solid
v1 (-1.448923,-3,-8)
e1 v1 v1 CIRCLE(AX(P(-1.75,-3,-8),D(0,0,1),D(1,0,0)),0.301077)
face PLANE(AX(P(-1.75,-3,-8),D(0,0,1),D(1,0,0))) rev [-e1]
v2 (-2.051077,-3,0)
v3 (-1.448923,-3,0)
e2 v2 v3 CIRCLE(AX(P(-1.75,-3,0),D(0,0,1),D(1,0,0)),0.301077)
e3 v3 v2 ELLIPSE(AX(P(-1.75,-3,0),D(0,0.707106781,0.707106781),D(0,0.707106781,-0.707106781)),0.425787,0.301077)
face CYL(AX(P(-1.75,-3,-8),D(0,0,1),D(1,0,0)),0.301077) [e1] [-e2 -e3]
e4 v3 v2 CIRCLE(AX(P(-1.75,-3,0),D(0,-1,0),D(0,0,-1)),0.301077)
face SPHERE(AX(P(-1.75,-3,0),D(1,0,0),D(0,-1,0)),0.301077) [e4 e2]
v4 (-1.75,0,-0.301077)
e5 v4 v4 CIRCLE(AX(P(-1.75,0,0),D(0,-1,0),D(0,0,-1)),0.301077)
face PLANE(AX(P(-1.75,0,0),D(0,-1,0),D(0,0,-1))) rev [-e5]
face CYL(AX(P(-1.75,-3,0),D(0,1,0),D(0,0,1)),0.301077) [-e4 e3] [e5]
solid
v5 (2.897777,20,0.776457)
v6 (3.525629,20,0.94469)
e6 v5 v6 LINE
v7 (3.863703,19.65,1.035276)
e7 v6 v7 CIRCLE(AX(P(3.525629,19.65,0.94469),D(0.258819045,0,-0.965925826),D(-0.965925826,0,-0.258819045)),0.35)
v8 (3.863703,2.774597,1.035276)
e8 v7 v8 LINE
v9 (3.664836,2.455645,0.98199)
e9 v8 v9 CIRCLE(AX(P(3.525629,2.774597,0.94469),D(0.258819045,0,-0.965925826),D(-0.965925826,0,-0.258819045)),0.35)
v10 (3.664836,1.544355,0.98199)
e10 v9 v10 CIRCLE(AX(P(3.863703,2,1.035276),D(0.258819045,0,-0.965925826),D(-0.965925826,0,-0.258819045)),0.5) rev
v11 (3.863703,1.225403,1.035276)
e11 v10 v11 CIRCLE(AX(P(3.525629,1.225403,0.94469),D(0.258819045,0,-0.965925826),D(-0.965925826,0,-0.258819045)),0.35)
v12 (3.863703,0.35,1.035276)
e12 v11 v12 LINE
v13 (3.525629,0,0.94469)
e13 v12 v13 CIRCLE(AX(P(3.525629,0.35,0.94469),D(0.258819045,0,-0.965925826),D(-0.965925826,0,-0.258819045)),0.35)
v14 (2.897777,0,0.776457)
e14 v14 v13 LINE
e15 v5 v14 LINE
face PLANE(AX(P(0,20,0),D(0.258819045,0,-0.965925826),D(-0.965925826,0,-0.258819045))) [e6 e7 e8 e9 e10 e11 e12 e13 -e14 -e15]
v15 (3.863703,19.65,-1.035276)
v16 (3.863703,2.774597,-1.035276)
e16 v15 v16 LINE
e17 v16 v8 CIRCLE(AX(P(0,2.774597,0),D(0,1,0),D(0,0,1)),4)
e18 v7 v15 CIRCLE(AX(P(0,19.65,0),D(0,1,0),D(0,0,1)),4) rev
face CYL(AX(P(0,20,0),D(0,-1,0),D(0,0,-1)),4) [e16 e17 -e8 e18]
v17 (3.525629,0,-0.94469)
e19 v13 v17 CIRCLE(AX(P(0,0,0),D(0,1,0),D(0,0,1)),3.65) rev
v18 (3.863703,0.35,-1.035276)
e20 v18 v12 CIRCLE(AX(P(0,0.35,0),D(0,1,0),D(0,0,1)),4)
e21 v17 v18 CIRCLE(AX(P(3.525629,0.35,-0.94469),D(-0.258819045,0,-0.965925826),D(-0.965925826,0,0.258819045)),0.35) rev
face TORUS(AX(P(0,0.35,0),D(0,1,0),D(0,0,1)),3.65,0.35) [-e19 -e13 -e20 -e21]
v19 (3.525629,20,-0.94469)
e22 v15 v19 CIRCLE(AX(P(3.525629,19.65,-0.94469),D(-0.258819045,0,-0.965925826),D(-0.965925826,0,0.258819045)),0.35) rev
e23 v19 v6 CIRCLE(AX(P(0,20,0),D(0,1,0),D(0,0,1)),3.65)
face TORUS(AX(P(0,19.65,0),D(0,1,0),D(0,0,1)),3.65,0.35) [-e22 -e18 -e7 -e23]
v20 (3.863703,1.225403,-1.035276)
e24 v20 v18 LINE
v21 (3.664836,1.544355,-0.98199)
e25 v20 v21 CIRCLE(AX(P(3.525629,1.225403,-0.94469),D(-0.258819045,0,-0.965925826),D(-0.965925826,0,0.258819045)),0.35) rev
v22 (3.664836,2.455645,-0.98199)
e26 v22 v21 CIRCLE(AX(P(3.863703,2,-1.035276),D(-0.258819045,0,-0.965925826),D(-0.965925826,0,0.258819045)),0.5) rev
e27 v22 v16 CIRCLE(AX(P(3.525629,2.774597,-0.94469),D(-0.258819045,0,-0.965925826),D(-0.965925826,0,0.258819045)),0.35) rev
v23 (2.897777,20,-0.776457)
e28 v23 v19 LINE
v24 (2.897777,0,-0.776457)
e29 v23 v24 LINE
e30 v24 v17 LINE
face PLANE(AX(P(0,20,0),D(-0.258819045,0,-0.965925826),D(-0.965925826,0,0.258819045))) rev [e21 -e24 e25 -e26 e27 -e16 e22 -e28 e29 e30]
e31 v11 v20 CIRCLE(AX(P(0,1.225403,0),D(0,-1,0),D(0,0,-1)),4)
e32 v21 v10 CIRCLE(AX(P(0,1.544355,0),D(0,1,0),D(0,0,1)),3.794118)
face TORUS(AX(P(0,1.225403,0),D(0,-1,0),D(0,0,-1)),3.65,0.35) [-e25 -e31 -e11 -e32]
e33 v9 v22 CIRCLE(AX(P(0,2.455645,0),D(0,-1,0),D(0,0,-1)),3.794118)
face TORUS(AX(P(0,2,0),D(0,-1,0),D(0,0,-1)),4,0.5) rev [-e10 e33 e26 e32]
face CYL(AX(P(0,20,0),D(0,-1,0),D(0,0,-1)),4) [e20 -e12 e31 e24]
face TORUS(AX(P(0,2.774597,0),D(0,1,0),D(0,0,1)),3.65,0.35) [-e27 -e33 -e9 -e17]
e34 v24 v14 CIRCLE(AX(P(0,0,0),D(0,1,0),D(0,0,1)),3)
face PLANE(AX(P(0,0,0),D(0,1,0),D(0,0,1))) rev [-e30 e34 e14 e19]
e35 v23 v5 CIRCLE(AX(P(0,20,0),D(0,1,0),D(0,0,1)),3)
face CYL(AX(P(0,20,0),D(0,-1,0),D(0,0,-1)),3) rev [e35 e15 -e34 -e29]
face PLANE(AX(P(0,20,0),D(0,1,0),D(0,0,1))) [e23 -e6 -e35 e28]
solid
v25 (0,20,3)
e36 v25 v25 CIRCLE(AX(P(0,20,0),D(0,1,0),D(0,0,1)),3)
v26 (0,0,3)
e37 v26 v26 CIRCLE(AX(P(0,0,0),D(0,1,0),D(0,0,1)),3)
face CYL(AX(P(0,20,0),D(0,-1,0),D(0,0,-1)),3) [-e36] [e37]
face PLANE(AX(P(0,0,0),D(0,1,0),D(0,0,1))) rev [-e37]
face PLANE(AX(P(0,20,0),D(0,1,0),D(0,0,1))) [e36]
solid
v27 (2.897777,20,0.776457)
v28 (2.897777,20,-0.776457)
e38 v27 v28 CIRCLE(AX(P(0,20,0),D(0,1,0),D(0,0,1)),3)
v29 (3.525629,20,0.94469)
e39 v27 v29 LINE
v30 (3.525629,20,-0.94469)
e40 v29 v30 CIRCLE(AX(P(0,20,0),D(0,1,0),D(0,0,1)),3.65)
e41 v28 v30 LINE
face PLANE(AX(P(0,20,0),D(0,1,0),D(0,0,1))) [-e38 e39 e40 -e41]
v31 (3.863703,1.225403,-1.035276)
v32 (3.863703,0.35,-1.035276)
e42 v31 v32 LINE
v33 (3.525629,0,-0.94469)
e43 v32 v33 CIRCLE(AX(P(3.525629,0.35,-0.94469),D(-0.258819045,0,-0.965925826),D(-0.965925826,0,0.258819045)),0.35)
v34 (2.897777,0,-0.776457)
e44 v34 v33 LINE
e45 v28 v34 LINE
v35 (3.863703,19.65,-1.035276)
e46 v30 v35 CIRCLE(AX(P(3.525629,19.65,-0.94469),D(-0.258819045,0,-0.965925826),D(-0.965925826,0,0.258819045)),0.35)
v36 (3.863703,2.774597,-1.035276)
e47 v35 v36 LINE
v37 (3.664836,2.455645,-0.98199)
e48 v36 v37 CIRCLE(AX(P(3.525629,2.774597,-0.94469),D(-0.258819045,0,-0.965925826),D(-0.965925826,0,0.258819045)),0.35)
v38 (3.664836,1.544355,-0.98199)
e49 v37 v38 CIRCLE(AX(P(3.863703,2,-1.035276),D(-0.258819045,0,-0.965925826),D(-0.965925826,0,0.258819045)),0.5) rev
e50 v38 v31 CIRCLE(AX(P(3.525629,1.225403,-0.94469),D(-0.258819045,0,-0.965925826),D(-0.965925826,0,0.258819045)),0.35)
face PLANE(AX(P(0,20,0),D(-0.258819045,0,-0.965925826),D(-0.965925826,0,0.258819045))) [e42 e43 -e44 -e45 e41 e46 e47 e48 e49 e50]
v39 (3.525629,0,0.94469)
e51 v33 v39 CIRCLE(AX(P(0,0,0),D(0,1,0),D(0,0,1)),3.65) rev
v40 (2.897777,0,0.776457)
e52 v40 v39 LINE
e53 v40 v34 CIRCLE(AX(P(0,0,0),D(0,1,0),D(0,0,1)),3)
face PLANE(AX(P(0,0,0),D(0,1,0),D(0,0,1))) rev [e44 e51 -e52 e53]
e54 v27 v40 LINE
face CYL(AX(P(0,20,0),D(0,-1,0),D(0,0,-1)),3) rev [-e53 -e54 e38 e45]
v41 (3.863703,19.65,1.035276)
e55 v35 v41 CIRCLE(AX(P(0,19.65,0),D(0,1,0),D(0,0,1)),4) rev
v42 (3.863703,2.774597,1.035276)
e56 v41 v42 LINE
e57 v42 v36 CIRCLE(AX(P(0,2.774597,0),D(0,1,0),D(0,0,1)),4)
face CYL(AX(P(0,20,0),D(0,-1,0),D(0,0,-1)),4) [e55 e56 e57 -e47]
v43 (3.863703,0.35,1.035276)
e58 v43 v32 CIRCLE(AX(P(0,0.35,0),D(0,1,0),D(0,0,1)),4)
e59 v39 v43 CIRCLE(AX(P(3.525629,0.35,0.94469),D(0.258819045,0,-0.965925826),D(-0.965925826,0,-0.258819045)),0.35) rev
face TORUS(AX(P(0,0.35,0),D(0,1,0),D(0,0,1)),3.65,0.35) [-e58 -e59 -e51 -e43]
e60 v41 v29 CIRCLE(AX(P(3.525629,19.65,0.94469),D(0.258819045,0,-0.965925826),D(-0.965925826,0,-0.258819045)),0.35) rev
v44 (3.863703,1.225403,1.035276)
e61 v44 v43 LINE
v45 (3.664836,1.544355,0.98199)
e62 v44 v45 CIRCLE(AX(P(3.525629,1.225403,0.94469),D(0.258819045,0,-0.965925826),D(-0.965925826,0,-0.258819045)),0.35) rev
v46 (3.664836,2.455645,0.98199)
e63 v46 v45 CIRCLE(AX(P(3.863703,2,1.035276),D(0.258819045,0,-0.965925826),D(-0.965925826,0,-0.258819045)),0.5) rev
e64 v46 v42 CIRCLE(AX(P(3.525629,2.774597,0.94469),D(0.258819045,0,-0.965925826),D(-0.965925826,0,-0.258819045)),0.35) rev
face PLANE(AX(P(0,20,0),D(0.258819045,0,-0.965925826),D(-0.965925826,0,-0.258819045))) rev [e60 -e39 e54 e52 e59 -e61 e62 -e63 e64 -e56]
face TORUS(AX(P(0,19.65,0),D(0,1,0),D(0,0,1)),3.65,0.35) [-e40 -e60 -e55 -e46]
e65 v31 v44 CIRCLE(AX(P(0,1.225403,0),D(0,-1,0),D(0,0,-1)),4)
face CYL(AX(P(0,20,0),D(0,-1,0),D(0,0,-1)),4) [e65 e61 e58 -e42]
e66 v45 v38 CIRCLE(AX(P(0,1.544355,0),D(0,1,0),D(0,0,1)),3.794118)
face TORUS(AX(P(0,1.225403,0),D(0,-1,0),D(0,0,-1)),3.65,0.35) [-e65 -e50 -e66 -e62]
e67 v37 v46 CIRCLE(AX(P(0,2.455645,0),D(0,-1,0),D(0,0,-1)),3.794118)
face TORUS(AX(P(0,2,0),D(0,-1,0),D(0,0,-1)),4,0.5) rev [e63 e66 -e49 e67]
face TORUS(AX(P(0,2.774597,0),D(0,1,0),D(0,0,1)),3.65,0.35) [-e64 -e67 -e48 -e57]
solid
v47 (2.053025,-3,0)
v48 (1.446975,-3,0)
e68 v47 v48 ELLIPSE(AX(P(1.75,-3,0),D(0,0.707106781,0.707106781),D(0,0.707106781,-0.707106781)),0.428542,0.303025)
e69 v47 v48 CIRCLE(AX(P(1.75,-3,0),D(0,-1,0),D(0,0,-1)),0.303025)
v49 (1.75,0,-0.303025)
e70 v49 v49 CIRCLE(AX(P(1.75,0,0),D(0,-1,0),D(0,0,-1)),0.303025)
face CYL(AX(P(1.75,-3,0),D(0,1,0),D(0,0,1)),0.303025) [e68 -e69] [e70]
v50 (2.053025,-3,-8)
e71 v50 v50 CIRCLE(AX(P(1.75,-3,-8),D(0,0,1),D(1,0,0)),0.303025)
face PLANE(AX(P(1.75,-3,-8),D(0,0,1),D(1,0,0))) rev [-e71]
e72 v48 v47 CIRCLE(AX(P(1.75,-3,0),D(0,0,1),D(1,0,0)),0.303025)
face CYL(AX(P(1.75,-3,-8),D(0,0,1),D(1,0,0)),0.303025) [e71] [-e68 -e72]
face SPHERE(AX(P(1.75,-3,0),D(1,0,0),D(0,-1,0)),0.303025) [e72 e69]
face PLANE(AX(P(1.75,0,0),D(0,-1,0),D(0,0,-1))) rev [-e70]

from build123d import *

# Parameters (mm, degrees)
SALIENTE_EXTRUIR3_DEPTH   = 20
SALIENTE_EXTRUIR4_DEPTH   = 20
SALIENTE_EXTRUIR5_DEPTH   = 20
CROQUIS3_R                = 0.4999999999999999
REDONDEO1_R               = 0.35
REDONDEO2_R               = 0.35
CROQUIS4_R                = 0.30107653954551516
SALIENTE_EXTRUIR6_DEPTH   = 3
CROQUIS4_R_2              = 0.30302467240714076
SALIENTE_EXTRUIR6_2_DEPTH = 3
CROQUIS5_R                = 0.30107653954551516
CROQUIS5_R_2              = 0.30302467240714076
SALIENTE_EXTRUIR7_DEPTH   = 8


with BuildPart() as part:
    # Croquis1 → Saliente-Extruir3 (new body)
    with BuildSketch(Plane(origin=(0, 0, 0), x_dir=(1, 0, 0), z_dir=(0, 1, 0))):
        with BuildLine():
            Line((3.8637033051562724, 1.0352761804100858), (2.8977774788672046, 0.7764571353075645))
            ThreePointArc((2.897777478867204, 0.7764571353075644), (2.974334584121431, 0.3915785766601559), (3, 0))
            ThreePointArc((3, -7.3e-16), (2.974334584121431, -0.3915785766601577), (2.897777478867204, -0.7764571353075647))
            Line((2.8977774788672046, -0.7764571353075641), (3.8637033051562724, -1.0352761804100854))
            ThreePointArc((3.8637033051562724, -1.0352761804100863), (3.965779445495241, -0.5221047688802103), (4, -9.8e-16))
            ThreePointArc((4, 0), (3.9657794454952415, 0.5221047688802078), (3.8637033051562724, 1.0352761804100858))
        make_face()
    extrude(amount=SALIENTE_EXTRUIR3_DEPTH)


with BuildPart() as body_2:
    # Croquis1<5> → Saliente-Extruir4 (new body)
    with BuildSketch(Plane(origin=(0, 0, 0), x_dir=(1, 0, 0), z_dir=(0, 1, 0))):
        with BuildLine():
            ThreePointArc((3, 0), (2.974334584121431, 0.3915785766601559), (2.897777478867204, 0.7764571353075644))
            ThreePointArc((2.897777478867204, 0.7764571353075644), (-3, -9.6e-16), (2.897777478867205, -0.776457135307562))
            ThreePointArc((2.897777478867204, -0.7764571353075647), (2.974334584121431, -0.3915785766601577), (3, -7.3e-16))
        make_face()
    extrude(amount=SALIENTE_EXTRUIR4_DEPTH)


with BuildPart() as body_3:
    # Croquis1<6> → Saliente-Extruir5 (new body)
    with BuildSketch(Plane(origin=(0, 0, 0), x_dir=(1, 0, 0), z_dir=(0, 1, 0))):
        with BuildLine():
            ThreePointArc((2.897777478867205, -0.776457135307562), (-3, -9.6e-16), (2.897777478867204, 0.7764571353075644))
            Line((2.8977774788672046, 0.7764571353075645), (3.8637033051562724, 1.0352761804100858))
            ThreePointArc((3.8637033051562724, 1.0352761804100858), (-4, 4.9e-16), (3.8637033051562724, -1.0352761804100863))
            Line((3.8637033051562724, -1.0352761804100854), (2.8977774788672046, -0.7764571353075641))
        make_face()
    extrude(amount=SALIENTE_EXTRUIR5_DEPTH)


with BuildPart() as cortar_revoluci_n1_tool:
    # Croquis3 → Cortar-Revolución1 (revolve)
    with BuildSketch(Plane(origin=(0, 0, 0), x_dir=(0, 0, -1), z_dir=(1, 0, 0))):
        with Locations((-4, 1.9999999999999982)):
            Circle(CROQUIS3_R)
    revolve(axis=Axis((0, -1.7359986127882774, 0), (0, 1, 0)))


with BuildPart() as part_1:
    add(part.part)

    # Cortar-Revolución1: cut by cortar_revoluci_n1_tool
    add(cortar_revoluci_n1_tool.part, mode=Mode.SUBTRACT)

    # Redondeo2
    redondeo2_edges = [part_1.edges().sort_by_distance(p)[0] for p in [
        (4, 0, -4.7e-16),
        (3.999999999997482, 1.4999999999999982, -7.0699e-12),
        (3.999999999997482, 2.4999999999999982, 7.09233e-12),
        (4.000000000000001, 20, 6.7e-16),
    ]]
    fillet(redondeo2_edges, radius=REDONDEO2_R)


with BuildPart() as body_3_1:
    add(body_3.part)

    # Cortar-Revolución1: cut by cortar_revoluci_n1_tool
    add(cortar_revoluci_n1_tool.part, mode=Mode.SUBTRACT)

    # Redondeo1
    redondeo1_edges = [body_3_1.edges().sort_by_distance(p)[0] for p in [
        (-4, 0, 6.55e-15),
        (-3.1734133611649407, 1.4999999999999982, -2.435045716034882),
        (-3.1734133611649407, 2.4999999999999982, -2.435045716034882),
        (-4, 20, 6.55e-15),
    ]]
    fillet(redondeo1_edges, radius=REDONDEO1_R)


with BuildPart() as body_4:
    # Croquis4 → Saliente-Extruir6 (new body)
    with BuildSketch(Plane.XZ):
        with Locations((-1.75, 0)):
            Circle(CROQUIS4_R)
    extrude(amount=SALIENTE_EXTRUIR6_DEPTH)



with BuildPart() as body_5:
    # Croquis4 → Saliente-Extruir6 2 (new body)
    with BuildSketch(Plane.XZ):
        with Locations((1.75, 0)):
            Circle(CROQUIS4_R_2)
    extrude(amount=SALIENTE_EXTRUIR6_2_DEPTH)


with BuildPart() as body_4_1:
    add(body_4.part)

    add(body_5.part)  # Saliente-Extruir7 merges body 5
    # Croquis5 → Saliente-Extruir7 (add)
    with BuildSketch(Plane.XY):
        with Locations((-1.75, -3)):
            Circle(CROQUIS5_R)
        with Locations((1.75, -3)):
            Circle(CROQUIS5_R_2)
    extrude(amount=-SALIENTE_EXTRUIR7_DEPTH)

    # Croquis6 → Revolución1 (revolve)
    with BuildSketch(Plane.XY):
        with BuildLine():
            Line((-1.448923460454485, -3), (-2.051076539545515, -3))
            ThreePointArc((-2.051076539545515, -3), (-1.75, -3.301076539545515), (-1.448923460454485, -3))
        make_face()
        with BuildLine():
            Line((2.053024672407141, -3), (1.4469753275928592, -3))
            ThreePointArc((1.4469753275928592, -3), (1.75, -3.303024672407141), (2.053024672407141, -3))
        make_face()
    revolve(axis=Axis((2.053024672407141, -3, 0), (-1, 0, 0)))


solid = Compound([body_2.part, part_1.part, body_3_1.part, body_4_1.part])
